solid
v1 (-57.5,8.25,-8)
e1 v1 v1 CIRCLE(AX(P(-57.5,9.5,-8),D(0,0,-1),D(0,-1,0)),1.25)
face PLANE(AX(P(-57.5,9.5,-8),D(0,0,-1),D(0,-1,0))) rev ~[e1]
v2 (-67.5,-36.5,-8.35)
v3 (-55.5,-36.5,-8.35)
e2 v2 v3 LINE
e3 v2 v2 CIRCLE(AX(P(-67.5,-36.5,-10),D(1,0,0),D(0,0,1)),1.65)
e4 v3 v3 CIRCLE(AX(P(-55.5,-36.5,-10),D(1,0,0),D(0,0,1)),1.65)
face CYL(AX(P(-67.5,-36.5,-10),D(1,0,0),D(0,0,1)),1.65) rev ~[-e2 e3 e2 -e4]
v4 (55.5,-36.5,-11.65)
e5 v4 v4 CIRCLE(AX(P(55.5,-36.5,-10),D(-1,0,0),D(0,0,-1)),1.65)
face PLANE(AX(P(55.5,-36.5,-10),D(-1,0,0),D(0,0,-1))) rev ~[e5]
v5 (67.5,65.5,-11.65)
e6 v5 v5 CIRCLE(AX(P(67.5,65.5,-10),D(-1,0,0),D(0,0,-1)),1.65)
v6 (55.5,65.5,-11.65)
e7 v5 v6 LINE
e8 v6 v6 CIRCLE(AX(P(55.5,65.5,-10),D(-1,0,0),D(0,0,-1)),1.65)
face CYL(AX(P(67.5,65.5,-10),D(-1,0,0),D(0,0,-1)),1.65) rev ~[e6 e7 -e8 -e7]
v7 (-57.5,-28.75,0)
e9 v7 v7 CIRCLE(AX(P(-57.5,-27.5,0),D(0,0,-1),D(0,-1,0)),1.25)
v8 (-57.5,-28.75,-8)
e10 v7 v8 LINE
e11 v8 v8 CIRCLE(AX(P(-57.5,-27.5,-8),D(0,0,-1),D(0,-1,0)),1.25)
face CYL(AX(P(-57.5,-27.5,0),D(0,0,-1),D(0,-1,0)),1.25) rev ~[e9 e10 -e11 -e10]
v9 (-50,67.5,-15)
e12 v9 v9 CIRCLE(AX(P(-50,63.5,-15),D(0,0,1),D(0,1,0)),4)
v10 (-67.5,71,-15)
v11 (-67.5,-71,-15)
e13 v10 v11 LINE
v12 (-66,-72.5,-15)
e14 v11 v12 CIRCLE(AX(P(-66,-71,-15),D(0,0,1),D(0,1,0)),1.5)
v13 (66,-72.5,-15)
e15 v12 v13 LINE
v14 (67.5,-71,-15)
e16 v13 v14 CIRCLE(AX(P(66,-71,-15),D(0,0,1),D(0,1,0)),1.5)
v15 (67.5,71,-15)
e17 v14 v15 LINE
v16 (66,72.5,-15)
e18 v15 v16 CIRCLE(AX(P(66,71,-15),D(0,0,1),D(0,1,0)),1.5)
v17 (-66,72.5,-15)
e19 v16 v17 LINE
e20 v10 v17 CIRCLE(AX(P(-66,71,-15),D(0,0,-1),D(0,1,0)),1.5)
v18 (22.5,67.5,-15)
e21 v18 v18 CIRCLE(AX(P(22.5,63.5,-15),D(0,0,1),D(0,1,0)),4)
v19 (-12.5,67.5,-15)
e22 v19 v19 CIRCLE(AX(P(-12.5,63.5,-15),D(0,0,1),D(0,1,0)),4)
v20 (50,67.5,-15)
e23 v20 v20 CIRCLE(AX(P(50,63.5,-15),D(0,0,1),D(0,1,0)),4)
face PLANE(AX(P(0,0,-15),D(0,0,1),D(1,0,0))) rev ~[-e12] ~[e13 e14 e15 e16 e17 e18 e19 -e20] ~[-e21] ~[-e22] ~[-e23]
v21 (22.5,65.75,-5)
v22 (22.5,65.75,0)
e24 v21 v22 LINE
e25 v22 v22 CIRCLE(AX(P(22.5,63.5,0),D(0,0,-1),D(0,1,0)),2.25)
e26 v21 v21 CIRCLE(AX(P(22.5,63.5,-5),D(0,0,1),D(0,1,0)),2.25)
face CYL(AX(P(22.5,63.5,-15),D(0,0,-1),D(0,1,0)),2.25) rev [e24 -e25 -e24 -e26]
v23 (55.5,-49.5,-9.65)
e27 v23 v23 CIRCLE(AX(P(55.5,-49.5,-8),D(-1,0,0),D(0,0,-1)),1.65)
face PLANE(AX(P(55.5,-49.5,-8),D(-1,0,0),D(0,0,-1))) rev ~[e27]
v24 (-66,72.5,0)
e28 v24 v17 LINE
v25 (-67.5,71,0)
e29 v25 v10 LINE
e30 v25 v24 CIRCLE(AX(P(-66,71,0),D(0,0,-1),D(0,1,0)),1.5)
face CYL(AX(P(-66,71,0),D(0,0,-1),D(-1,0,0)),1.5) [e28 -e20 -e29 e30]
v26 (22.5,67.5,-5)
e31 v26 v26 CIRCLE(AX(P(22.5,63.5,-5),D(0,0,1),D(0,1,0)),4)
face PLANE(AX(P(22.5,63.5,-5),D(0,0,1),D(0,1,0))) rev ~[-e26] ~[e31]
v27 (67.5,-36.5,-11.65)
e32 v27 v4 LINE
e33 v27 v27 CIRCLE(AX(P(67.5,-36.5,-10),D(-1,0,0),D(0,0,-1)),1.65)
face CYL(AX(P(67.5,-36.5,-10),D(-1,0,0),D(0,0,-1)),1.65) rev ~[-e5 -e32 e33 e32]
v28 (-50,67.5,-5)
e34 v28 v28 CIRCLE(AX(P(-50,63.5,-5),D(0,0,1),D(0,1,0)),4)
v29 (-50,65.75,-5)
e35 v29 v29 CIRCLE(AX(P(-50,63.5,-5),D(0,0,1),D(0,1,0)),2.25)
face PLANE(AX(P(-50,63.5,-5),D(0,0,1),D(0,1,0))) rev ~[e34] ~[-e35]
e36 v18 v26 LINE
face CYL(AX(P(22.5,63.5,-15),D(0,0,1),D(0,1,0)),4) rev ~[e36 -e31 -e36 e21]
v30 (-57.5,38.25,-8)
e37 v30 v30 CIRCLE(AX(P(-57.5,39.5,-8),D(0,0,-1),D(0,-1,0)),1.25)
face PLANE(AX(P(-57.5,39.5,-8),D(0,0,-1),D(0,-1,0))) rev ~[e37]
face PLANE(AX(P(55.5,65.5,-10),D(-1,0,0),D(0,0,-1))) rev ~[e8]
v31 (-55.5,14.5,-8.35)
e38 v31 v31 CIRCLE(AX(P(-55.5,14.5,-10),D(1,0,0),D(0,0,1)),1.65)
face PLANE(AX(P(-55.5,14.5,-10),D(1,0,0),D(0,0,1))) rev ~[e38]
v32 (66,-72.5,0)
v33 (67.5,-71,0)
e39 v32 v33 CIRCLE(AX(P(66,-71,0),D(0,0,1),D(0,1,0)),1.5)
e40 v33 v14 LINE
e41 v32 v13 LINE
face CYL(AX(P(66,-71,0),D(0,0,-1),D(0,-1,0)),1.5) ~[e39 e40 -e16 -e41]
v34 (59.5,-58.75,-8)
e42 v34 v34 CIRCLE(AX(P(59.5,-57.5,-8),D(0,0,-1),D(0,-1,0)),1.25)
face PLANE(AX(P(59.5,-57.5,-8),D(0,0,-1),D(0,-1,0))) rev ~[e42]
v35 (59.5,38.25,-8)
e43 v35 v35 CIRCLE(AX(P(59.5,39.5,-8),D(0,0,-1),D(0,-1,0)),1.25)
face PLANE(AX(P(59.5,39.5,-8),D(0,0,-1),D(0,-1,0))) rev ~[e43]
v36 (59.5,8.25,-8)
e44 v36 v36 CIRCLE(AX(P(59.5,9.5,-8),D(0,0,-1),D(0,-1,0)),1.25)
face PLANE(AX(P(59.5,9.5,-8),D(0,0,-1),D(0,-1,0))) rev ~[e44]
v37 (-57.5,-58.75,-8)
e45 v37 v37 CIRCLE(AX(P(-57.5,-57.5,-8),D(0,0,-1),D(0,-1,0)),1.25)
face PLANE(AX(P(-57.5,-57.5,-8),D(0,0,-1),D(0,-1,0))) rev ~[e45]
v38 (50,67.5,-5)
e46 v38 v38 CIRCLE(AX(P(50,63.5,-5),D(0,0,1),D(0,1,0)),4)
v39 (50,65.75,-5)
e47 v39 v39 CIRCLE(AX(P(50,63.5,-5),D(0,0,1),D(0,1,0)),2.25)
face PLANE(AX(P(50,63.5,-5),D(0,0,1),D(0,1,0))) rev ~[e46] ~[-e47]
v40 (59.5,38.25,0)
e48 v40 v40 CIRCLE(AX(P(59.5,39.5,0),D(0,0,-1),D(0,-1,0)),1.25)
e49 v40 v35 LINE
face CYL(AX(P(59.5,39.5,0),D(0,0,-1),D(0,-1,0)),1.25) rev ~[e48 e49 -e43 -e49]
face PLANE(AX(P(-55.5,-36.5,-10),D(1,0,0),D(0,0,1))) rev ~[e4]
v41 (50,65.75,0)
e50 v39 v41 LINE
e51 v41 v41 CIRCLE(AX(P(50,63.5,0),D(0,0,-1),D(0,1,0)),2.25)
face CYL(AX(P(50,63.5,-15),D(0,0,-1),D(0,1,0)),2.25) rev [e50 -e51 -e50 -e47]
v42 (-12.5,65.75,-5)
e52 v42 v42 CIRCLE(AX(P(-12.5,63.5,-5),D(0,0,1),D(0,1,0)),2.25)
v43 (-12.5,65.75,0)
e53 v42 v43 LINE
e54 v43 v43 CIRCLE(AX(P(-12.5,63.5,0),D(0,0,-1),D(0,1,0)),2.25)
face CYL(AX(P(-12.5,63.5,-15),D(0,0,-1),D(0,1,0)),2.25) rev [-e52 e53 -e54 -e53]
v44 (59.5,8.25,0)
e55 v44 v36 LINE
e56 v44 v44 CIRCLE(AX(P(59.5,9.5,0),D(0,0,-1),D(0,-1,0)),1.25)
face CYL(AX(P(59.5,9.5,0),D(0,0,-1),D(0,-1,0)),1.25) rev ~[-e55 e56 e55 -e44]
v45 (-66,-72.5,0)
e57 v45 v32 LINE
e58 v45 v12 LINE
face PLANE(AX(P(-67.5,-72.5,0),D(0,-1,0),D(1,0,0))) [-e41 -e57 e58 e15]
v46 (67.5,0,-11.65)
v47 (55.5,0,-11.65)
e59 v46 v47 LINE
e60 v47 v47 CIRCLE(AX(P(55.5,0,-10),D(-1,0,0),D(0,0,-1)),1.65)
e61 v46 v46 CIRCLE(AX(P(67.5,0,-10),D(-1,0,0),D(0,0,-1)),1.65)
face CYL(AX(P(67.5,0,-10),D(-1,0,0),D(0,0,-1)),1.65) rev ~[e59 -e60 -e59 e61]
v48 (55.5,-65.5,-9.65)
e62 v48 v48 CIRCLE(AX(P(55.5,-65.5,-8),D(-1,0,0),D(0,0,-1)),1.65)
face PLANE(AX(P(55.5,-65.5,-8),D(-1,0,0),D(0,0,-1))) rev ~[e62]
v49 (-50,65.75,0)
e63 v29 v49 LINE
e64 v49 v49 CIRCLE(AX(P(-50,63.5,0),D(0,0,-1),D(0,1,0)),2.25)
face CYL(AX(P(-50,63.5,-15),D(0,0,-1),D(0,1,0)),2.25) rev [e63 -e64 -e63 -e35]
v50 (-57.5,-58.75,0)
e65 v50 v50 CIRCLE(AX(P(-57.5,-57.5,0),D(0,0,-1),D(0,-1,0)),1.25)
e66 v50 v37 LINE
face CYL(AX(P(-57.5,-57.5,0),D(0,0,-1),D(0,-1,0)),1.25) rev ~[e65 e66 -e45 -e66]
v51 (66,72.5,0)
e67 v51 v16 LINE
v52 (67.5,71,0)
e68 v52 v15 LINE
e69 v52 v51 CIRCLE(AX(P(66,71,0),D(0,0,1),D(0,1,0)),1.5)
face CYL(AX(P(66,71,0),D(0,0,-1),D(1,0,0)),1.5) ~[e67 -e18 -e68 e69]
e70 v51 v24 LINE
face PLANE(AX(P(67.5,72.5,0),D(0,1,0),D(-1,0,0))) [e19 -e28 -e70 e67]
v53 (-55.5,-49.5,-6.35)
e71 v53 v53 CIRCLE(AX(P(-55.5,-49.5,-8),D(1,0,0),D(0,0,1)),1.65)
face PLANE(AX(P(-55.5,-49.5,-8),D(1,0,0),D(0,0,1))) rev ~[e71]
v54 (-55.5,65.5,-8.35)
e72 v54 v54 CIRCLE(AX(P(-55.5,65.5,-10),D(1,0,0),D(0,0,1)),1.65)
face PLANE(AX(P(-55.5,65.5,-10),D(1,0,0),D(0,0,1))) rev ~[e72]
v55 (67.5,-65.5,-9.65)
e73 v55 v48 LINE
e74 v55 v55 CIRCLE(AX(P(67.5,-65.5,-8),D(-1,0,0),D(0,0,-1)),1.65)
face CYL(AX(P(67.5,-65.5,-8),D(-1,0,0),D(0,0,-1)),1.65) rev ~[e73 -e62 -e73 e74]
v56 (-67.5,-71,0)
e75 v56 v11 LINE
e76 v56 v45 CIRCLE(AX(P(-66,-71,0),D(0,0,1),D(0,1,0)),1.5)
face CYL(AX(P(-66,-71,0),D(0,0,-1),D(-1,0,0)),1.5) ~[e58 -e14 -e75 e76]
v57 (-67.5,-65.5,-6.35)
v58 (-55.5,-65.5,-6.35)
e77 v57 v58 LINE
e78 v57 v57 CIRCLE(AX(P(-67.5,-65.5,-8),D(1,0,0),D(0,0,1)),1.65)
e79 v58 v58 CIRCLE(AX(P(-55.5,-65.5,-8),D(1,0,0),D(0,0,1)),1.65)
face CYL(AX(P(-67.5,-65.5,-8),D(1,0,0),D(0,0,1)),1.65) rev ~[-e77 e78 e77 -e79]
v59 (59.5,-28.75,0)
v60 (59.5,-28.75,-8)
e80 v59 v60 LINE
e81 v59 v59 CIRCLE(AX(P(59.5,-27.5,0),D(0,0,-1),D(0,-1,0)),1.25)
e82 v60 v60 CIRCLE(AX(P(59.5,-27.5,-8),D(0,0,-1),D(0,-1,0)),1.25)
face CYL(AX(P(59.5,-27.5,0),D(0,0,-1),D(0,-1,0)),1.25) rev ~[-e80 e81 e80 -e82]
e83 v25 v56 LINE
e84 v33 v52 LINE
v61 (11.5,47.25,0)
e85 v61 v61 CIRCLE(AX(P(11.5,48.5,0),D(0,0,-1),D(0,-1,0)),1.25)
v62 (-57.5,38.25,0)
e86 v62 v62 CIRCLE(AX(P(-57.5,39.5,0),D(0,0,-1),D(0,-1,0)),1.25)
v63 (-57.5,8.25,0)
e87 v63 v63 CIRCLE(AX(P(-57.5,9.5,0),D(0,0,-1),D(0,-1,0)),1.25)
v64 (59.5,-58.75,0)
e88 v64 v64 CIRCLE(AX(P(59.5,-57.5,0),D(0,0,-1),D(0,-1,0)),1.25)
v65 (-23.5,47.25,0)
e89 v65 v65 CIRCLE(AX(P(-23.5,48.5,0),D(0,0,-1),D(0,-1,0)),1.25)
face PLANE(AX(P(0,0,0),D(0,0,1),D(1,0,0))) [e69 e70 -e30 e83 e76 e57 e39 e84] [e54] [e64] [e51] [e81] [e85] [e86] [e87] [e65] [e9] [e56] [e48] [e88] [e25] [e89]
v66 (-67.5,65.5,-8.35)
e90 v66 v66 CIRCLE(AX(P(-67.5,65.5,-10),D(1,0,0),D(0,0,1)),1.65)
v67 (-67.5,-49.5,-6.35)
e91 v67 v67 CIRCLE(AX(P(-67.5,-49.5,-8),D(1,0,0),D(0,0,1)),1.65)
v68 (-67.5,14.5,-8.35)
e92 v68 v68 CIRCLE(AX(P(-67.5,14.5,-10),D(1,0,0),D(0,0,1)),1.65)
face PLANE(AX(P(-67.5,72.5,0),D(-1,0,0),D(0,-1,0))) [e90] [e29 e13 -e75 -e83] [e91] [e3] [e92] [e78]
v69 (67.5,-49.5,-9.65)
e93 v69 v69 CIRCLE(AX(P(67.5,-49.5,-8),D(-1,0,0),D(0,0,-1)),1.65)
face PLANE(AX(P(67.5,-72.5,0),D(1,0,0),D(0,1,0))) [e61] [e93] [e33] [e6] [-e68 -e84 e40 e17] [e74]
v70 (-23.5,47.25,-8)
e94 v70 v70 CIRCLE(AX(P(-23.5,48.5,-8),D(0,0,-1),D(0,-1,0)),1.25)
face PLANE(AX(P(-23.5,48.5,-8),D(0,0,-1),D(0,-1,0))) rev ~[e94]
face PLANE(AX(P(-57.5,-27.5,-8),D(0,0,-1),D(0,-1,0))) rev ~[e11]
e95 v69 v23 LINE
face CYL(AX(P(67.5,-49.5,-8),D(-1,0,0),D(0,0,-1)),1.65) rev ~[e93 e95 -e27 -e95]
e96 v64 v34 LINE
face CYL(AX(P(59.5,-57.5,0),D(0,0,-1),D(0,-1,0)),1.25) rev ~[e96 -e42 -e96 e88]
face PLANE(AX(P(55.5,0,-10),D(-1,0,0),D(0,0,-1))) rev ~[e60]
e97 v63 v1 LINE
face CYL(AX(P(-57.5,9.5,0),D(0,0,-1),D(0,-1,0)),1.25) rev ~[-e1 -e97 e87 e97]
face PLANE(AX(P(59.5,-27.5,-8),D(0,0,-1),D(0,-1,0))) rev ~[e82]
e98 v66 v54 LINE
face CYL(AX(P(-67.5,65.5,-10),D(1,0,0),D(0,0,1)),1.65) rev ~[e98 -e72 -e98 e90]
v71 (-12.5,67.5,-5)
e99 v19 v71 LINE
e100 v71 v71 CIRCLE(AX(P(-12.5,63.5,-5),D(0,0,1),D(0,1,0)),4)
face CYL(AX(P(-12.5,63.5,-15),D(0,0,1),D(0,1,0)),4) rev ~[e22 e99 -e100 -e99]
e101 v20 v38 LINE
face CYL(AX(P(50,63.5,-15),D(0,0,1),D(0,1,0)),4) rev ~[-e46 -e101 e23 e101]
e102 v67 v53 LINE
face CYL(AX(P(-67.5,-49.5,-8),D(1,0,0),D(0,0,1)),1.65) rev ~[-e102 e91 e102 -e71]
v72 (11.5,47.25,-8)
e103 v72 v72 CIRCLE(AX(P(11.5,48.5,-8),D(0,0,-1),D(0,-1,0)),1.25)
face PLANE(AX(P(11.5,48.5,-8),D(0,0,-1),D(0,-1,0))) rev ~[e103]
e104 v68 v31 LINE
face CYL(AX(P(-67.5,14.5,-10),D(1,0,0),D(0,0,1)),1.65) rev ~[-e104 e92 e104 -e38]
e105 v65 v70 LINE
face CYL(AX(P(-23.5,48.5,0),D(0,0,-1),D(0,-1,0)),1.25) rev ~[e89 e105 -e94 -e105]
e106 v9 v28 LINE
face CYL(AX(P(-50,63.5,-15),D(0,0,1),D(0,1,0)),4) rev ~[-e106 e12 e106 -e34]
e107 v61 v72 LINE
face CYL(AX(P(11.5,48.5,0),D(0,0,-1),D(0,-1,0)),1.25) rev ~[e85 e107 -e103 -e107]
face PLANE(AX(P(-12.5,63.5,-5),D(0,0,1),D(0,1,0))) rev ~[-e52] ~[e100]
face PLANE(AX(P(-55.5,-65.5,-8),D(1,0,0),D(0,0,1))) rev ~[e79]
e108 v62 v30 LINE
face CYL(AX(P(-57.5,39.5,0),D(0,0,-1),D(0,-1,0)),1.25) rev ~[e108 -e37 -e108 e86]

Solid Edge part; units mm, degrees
sketch "Sketch1" plane through (0, 0, 0) normal (0, 0, 1) x (1, 0, 0)
  line L0 (-67.5, -72.5) -> (67.5, -72.5)
  line L1 (67.5, -72.5) -> (67.5, 72.5)
  line L2 (67.5, 72.5) -> (-67.5, 72.5)
  line L3 (-67.5, 72.5) -> (-67.5, -72.5)
  dimension "D1" = 135
  dimension "D2" = 145
extrude "Protrusion1" add sketch "Sketch1" against normal blind 15
hole "Hole_13" at (67.5, -65.5, -8) direction (-1, 0, 0) diameter 3.3 depth 12
hole "Hole1" at (67.5, -49.5, -8) direction (-1, 0, 0) diameter 3.3 depth 12
hole "Hole2" at (67.5, -36.5, -10) direction (-1, 0, 0) diameter 3.3 depth 12
hole "Hole3" at (67.5, 0, -10) direction (-1, 0, 0) diameter 3.3 depth 12
hole "Hole4" at (67.5, 65.5, -10) direction (-1, 0, 0) diameter 3.3 depth 12
hole "Hole_18" at (-67.5, 65.5, -10) direction (1, 0, 0) diameter 3.3 depth 12
hole "Hole5" at (-67.5, 14.5, -10) direction (1, 0, 0) diameter 3.3 depth 12
hole "Hole6" at (-67.5, -36.5, -10) direction (1, 0, 0) diameter 3.3 depth 12
hole "Hole7" at (-67.5, -49.5, -8) direction (1, 0, 0) diameter 3.3 depth 12
hole "Hole8" at (-67.5, -65.5, -8) direction (1, 0, 0) diameter 3.3 depth 12
hole "Hole_23" at (59.5, 39.5, 0) direction (0, 0, -1) diameter 2.5 depth 8
hole "Hole9" at (59.5, 9.5, 0) direction (0, 0, -1) diameter 2.5 depth 8
hole "Hole10" at (59.5, -27.5, 0) direction (0, 0, -1) diameter 2.5 depth 8
hole "Hole11" at (59.5, -57.5, 0) direction (0, 0, -1) diameter 2.5 depth 8
hole "Hole12" at (-57.5, -57.5, 0) direction (0, 0, -1) diameter 2.5 depth 8
hole "Hole13" at (-57.5, -27.5, 0) direction (0, 0, -1) diameter 2.5 depth 8
hole "Hole14" at (-57.5, 9.5, 0) direction (0, 0, -1) diameter 2.5 depth 8
hole "Hole15" at (-57.5, 39.5, 0) direction (0, 0, -1) diameter 2.5 depth 8
hole "Hole16" at (-23.5, 48.5, 0) direction (0, 0, -1) diameter 2.5 depth 8
hole "Hole17" at (11.5, 48.5, 0) direction (0, 0, -1) diameter 2.5 depth 8
hole "Hole_33" at (50, 63.5, -15) direction (0, 0, 1) diameter 4.5 end up to next counterbore diameter 8 counterbore depth 10
hole "Hole18" at (22.5, 63.5, -15) direction (0, 0, 1) diameter 4.5 end up to next counterbore diameter 8 counterbore depth 10
hole "Hole19" at (-12.5, 63.5, -15) direction (0, 0, 1) diameter 4.5 end up to next counterbore diameter 8 counterbore depth 10
hole "Hole20" at (-50, 63.5, -15) direction (0, 0, 1) diameter 4.5 end up to next counterbore diameter 8 counterbore depth 10
fillet "Round_1" radius 1.5 2 edges at (67.5, 72.5, -7.5) (-67.5, 72.5, -7.5)
fillet "Round_2" radius 1.5 2 edges at (-67.5, -72.5, -7.5) (67.5, -72.5, -7.5)
properties material "Acrylic, high impact grade"
